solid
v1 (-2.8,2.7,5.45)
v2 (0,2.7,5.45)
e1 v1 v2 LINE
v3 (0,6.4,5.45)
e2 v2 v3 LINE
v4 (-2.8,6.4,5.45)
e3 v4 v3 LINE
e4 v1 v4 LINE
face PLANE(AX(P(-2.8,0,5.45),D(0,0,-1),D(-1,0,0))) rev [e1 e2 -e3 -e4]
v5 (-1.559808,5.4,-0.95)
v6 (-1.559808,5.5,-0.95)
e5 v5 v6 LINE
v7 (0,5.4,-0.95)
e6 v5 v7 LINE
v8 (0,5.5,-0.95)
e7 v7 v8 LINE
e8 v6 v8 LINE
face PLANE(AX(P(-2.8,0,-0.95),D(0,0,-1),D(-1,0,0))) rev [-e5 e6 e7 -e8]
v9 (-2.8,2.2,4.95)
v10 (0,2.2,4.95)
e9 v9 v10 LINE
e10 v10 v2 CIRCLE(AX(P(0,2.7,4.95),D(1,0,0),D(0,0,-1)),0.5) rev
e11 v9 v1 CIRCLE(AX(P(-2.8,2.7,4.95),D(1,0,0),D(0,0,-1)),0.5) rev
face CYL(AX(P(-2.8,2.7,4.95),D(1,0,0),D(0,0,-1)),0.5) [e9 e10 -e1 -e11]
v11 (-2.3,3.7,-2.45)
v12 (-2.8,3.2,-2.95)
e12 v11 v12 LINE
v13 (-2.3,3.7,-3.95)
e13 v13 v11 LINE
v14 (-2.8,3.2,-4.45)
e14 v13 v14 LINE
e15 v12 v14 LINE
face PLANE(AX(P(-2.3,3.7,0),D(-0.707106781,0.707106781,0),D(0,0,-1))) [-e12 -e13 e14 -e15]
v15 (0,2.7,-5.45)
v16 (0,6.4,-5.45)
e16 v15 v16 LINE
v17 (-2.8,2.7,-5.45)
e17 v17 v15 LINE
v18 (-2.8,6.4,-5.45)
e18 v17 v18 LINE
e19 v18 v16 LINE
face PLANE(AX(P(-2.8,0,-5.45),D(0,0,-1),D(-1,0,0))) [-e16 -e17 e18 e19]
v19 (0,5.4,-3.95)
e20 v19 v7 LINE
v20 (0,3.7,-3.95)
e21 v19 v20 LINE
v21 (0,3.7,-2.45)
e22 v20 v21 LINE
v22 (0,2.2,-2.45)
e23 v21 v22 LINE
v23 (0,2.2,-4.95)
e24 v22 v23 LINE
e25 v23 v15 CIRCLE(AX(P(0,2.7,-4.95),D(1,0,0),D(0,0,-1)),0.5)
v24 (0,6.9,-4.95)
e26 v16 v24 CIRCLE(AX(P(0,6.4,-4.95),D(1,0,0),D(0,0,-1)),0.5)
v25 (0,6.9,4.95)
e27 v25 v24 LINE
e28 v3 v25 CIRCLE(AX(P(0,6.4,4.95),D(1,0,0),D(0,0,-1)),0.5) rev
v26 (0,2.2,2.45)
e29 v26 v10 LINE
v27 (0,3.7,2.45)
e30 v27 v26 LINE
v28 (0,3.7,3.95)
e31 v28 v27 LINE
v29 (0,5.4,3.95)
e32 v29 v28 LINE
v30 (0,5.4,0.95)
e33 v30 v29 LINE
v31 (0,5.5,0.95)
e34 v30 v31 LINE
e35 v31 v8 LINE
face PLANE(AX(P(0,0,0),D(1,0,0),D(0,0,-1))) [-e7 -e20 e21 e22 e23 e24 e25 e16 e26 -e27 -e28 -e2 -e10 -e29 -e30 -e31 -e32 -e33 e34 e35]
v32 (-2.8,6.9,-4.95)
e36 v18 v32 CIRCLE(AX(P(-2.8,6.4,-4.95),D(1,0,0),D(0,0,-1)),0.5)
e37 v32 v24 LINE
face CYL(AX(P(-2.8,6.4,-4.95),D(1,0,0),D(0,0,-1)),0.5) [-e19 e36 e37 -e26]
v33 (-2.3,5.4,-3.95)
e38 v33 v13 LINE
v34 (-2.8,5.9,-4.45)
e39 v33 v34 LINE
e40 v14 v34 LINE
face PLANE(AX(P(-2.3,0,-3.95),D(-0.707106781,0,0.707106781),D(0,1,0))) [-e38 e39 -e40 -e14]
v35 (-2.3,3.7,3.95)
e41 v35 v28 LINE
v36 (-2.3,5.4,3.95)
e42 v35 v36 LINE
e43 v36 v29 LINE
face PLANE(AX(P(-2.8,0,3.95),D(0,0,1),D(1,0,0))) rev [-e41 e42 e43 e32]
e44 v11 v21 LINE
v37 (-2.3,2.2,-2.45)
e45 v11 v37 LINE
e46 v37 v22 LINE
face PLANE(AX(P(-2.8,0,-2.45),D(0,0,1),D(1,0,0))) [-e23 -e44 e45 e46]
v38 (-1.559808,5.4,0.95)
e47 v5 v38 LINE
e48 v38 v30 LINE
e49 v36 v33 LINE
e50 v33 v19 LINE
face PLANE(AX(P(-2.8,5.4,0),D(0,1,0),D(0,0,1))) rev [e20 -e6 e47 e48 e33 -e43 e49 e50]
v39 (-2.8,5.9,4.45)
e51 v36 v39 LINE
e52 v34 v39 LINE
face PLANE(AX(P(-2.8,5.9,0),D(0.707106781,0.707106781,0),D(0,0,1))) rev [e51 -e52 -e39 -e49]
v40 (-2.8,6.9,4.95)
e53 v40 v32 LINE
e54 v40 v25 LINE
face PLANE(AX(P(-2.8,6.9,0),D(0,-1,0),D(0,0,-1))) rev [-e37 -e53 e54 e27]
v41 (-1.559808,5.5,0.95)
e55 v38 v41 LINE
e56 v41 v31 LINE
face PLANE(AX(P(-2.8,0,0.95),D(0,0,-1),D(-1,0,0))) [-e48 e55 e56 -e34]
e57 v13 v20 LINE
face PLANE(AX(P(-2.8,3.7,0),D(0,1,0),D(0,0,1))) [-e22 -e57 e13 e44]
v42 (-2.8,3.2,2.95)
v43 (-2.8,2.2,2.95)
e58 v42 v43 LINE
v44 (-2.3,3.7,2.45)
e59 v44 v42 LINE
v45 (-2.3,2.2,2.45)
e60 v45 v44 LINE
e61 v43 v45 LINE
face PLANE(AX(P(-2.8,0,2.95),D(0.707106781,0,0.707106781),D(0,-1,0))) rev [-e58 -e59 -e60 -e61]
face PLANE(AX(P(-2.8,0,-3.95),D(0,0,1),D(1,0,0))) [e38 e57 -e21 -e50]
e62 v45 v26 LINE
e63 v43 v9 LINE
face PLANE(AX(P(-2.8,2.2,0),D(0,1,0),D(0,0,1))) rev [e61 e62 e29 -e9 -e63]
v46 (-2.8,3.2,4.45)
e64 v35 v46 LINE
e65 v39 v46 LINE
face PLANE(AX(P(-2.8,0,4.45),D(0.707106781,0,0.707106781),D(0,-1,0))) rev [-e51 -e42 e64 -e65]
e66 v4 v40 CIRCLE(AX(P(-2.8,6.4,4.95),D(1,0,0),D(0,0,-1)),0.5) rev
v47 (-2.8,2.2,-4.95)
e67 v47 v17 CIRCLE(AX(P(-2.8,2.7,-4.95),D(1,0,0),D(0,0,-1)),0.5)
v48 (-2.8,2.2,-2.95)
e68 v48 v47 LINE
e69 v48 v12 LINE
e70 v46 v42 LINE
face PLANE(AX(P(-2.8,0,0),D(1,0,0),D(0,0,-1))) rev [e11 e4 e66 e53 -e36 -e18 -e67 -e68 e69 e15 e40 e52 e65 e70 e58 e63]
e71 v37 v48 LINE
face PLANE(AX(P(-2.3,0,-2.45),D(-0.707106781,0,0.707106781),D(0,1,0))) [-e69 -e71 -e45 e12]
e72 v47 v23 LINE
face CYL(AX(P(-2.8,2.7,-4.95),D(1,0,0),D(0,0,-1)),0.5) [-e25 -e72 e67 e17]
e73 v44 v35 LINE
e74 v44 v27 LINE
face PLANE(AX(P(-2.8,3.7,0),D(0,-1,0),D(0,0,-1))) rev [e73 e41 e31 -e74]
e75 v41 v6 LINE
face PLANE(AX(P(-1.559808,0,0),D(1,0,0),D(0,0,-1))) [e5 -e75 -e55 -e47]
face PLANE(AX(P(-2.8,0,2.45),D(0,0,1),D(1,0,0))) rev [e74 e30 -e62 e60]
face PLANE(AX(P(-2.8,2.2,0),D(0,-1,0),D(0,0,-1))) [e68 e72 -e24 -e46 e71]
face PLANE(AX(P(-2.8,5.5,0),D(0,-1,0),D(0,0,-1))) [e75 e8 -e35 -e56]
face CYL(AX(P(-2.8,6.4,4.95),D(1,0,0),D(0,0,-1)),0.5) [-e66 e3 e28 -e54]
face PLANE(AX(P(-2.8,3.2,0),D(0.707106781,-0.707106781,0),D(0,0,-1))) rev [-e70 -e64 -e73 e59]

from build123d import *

# Parameters (mm, degrees)
BOSS_EXTRUDE_CLIP_DEPTH       = 2.8
BOSS_EXTRUDE_START            = -2.8
CLIP_OUTLINE_3_W              = 1.9
CLIP_OUTLINE_3_H              = 0.1
BOSS_EXTRUDE_CLIP_NOTCH_DEPTH = 1.240192379
CHAMFER_CLIP_SIZE             = 0.5


with BuildPart() as part:
    # Clip outline → Boss-Extrude clip (new body)
    with BuildSketch(Plane(origin=(0, 0, 0), x_dir=(0, 0, -1), z_dir=(1, 0, 0))):
        with BuildLine():
            Line((-4.95, 2.2), (-2.45, 2.2))
            Line((-2.45, 2.2), (-2.45, 3.7))
            Line((-2.45, 3.7), (-3.95, 3.7))
            Line((-3.95, 3.7), (-3.95, 5.4))
            Line((-3.95, 5.4), (-0.95, 5.4))
            Line((-0.95, 5.4), (-0.95, 5.5))
            Line((-0.95, 5.5), (0.95, 5.5))
            Line((0.95, 5.5), (0.95, 5.4))
            Line((0.95, 5.4), (3.95, 5.4))
            Line((3.95, 5.4), (3.95, 3.7))
            Line((3.95, 3.7), (2.45, 3.7))
            Line((2.45, 3.7), (2.45, 2.2))
            Line((2.45, 2.2), (4.95, 2.2))
            ThreePointArc((4.95, 2.2), (5.303553391, 2.346446609), (5.45, 2.7))
            Line((5.45, 2.7), (5.45, 6.4))
            ThreePointArc((5.45, 6.4), (5.303553391, 6.753553391), (4.95, 6.9))
            Line((4.95, 6.9), (-4.95, 6.9))
            ThreePointArc((-4.95, 6.9), (-5.303553391, 6.753553391), (-5.45, 6.4))
            Line((-5.45, 6.4), (-5.45, 2.7))
            ThreePointArc((-5.45, 2.7), (-5.303553391, 2.346446609), (-4.95, 2.2))
        make_face()
    extrude(amount=-BOSS_EXTRUDE_CLIP_DEPTH)

    # Clip outline<3> → Boss-Extrude clip notch (add)
    with BuildSketch(Plane(origin=(0, 0, 0), x_dir=(0, 0, -1), z_dir=(1, 0, 0)).offset(BOSS_EXTRUDE_START)):
        with Locations((0, 5.45)):
            Rectangle(CLIP_OUTLINE_3_W, CLIP_OUTLINE_3_H)
    extrude(amount=BOSS_EXTRUDE_CLIP_NOTCH_DEPTH)

    # Chamfer clip
    chamfer_clip_edges = [part.edges().sort_by_distance(p)[0] for p in [
        (-2.8, 2.95, 2.45),
        (-2.8, 3.7, 3.2),
        (-2.8, 4.55, 3.95),
        (-2.8, 5.4, 0),
        (-2.8, 4.55, -3.95),
        (-2.8, 3.7, -3.2),
        (-2.8, 2.95, -2.45),
    ]]
    chamfer(chamfer_clip_edges, length=CHAMFER_CLIP_SIZE)


solid = part.part
